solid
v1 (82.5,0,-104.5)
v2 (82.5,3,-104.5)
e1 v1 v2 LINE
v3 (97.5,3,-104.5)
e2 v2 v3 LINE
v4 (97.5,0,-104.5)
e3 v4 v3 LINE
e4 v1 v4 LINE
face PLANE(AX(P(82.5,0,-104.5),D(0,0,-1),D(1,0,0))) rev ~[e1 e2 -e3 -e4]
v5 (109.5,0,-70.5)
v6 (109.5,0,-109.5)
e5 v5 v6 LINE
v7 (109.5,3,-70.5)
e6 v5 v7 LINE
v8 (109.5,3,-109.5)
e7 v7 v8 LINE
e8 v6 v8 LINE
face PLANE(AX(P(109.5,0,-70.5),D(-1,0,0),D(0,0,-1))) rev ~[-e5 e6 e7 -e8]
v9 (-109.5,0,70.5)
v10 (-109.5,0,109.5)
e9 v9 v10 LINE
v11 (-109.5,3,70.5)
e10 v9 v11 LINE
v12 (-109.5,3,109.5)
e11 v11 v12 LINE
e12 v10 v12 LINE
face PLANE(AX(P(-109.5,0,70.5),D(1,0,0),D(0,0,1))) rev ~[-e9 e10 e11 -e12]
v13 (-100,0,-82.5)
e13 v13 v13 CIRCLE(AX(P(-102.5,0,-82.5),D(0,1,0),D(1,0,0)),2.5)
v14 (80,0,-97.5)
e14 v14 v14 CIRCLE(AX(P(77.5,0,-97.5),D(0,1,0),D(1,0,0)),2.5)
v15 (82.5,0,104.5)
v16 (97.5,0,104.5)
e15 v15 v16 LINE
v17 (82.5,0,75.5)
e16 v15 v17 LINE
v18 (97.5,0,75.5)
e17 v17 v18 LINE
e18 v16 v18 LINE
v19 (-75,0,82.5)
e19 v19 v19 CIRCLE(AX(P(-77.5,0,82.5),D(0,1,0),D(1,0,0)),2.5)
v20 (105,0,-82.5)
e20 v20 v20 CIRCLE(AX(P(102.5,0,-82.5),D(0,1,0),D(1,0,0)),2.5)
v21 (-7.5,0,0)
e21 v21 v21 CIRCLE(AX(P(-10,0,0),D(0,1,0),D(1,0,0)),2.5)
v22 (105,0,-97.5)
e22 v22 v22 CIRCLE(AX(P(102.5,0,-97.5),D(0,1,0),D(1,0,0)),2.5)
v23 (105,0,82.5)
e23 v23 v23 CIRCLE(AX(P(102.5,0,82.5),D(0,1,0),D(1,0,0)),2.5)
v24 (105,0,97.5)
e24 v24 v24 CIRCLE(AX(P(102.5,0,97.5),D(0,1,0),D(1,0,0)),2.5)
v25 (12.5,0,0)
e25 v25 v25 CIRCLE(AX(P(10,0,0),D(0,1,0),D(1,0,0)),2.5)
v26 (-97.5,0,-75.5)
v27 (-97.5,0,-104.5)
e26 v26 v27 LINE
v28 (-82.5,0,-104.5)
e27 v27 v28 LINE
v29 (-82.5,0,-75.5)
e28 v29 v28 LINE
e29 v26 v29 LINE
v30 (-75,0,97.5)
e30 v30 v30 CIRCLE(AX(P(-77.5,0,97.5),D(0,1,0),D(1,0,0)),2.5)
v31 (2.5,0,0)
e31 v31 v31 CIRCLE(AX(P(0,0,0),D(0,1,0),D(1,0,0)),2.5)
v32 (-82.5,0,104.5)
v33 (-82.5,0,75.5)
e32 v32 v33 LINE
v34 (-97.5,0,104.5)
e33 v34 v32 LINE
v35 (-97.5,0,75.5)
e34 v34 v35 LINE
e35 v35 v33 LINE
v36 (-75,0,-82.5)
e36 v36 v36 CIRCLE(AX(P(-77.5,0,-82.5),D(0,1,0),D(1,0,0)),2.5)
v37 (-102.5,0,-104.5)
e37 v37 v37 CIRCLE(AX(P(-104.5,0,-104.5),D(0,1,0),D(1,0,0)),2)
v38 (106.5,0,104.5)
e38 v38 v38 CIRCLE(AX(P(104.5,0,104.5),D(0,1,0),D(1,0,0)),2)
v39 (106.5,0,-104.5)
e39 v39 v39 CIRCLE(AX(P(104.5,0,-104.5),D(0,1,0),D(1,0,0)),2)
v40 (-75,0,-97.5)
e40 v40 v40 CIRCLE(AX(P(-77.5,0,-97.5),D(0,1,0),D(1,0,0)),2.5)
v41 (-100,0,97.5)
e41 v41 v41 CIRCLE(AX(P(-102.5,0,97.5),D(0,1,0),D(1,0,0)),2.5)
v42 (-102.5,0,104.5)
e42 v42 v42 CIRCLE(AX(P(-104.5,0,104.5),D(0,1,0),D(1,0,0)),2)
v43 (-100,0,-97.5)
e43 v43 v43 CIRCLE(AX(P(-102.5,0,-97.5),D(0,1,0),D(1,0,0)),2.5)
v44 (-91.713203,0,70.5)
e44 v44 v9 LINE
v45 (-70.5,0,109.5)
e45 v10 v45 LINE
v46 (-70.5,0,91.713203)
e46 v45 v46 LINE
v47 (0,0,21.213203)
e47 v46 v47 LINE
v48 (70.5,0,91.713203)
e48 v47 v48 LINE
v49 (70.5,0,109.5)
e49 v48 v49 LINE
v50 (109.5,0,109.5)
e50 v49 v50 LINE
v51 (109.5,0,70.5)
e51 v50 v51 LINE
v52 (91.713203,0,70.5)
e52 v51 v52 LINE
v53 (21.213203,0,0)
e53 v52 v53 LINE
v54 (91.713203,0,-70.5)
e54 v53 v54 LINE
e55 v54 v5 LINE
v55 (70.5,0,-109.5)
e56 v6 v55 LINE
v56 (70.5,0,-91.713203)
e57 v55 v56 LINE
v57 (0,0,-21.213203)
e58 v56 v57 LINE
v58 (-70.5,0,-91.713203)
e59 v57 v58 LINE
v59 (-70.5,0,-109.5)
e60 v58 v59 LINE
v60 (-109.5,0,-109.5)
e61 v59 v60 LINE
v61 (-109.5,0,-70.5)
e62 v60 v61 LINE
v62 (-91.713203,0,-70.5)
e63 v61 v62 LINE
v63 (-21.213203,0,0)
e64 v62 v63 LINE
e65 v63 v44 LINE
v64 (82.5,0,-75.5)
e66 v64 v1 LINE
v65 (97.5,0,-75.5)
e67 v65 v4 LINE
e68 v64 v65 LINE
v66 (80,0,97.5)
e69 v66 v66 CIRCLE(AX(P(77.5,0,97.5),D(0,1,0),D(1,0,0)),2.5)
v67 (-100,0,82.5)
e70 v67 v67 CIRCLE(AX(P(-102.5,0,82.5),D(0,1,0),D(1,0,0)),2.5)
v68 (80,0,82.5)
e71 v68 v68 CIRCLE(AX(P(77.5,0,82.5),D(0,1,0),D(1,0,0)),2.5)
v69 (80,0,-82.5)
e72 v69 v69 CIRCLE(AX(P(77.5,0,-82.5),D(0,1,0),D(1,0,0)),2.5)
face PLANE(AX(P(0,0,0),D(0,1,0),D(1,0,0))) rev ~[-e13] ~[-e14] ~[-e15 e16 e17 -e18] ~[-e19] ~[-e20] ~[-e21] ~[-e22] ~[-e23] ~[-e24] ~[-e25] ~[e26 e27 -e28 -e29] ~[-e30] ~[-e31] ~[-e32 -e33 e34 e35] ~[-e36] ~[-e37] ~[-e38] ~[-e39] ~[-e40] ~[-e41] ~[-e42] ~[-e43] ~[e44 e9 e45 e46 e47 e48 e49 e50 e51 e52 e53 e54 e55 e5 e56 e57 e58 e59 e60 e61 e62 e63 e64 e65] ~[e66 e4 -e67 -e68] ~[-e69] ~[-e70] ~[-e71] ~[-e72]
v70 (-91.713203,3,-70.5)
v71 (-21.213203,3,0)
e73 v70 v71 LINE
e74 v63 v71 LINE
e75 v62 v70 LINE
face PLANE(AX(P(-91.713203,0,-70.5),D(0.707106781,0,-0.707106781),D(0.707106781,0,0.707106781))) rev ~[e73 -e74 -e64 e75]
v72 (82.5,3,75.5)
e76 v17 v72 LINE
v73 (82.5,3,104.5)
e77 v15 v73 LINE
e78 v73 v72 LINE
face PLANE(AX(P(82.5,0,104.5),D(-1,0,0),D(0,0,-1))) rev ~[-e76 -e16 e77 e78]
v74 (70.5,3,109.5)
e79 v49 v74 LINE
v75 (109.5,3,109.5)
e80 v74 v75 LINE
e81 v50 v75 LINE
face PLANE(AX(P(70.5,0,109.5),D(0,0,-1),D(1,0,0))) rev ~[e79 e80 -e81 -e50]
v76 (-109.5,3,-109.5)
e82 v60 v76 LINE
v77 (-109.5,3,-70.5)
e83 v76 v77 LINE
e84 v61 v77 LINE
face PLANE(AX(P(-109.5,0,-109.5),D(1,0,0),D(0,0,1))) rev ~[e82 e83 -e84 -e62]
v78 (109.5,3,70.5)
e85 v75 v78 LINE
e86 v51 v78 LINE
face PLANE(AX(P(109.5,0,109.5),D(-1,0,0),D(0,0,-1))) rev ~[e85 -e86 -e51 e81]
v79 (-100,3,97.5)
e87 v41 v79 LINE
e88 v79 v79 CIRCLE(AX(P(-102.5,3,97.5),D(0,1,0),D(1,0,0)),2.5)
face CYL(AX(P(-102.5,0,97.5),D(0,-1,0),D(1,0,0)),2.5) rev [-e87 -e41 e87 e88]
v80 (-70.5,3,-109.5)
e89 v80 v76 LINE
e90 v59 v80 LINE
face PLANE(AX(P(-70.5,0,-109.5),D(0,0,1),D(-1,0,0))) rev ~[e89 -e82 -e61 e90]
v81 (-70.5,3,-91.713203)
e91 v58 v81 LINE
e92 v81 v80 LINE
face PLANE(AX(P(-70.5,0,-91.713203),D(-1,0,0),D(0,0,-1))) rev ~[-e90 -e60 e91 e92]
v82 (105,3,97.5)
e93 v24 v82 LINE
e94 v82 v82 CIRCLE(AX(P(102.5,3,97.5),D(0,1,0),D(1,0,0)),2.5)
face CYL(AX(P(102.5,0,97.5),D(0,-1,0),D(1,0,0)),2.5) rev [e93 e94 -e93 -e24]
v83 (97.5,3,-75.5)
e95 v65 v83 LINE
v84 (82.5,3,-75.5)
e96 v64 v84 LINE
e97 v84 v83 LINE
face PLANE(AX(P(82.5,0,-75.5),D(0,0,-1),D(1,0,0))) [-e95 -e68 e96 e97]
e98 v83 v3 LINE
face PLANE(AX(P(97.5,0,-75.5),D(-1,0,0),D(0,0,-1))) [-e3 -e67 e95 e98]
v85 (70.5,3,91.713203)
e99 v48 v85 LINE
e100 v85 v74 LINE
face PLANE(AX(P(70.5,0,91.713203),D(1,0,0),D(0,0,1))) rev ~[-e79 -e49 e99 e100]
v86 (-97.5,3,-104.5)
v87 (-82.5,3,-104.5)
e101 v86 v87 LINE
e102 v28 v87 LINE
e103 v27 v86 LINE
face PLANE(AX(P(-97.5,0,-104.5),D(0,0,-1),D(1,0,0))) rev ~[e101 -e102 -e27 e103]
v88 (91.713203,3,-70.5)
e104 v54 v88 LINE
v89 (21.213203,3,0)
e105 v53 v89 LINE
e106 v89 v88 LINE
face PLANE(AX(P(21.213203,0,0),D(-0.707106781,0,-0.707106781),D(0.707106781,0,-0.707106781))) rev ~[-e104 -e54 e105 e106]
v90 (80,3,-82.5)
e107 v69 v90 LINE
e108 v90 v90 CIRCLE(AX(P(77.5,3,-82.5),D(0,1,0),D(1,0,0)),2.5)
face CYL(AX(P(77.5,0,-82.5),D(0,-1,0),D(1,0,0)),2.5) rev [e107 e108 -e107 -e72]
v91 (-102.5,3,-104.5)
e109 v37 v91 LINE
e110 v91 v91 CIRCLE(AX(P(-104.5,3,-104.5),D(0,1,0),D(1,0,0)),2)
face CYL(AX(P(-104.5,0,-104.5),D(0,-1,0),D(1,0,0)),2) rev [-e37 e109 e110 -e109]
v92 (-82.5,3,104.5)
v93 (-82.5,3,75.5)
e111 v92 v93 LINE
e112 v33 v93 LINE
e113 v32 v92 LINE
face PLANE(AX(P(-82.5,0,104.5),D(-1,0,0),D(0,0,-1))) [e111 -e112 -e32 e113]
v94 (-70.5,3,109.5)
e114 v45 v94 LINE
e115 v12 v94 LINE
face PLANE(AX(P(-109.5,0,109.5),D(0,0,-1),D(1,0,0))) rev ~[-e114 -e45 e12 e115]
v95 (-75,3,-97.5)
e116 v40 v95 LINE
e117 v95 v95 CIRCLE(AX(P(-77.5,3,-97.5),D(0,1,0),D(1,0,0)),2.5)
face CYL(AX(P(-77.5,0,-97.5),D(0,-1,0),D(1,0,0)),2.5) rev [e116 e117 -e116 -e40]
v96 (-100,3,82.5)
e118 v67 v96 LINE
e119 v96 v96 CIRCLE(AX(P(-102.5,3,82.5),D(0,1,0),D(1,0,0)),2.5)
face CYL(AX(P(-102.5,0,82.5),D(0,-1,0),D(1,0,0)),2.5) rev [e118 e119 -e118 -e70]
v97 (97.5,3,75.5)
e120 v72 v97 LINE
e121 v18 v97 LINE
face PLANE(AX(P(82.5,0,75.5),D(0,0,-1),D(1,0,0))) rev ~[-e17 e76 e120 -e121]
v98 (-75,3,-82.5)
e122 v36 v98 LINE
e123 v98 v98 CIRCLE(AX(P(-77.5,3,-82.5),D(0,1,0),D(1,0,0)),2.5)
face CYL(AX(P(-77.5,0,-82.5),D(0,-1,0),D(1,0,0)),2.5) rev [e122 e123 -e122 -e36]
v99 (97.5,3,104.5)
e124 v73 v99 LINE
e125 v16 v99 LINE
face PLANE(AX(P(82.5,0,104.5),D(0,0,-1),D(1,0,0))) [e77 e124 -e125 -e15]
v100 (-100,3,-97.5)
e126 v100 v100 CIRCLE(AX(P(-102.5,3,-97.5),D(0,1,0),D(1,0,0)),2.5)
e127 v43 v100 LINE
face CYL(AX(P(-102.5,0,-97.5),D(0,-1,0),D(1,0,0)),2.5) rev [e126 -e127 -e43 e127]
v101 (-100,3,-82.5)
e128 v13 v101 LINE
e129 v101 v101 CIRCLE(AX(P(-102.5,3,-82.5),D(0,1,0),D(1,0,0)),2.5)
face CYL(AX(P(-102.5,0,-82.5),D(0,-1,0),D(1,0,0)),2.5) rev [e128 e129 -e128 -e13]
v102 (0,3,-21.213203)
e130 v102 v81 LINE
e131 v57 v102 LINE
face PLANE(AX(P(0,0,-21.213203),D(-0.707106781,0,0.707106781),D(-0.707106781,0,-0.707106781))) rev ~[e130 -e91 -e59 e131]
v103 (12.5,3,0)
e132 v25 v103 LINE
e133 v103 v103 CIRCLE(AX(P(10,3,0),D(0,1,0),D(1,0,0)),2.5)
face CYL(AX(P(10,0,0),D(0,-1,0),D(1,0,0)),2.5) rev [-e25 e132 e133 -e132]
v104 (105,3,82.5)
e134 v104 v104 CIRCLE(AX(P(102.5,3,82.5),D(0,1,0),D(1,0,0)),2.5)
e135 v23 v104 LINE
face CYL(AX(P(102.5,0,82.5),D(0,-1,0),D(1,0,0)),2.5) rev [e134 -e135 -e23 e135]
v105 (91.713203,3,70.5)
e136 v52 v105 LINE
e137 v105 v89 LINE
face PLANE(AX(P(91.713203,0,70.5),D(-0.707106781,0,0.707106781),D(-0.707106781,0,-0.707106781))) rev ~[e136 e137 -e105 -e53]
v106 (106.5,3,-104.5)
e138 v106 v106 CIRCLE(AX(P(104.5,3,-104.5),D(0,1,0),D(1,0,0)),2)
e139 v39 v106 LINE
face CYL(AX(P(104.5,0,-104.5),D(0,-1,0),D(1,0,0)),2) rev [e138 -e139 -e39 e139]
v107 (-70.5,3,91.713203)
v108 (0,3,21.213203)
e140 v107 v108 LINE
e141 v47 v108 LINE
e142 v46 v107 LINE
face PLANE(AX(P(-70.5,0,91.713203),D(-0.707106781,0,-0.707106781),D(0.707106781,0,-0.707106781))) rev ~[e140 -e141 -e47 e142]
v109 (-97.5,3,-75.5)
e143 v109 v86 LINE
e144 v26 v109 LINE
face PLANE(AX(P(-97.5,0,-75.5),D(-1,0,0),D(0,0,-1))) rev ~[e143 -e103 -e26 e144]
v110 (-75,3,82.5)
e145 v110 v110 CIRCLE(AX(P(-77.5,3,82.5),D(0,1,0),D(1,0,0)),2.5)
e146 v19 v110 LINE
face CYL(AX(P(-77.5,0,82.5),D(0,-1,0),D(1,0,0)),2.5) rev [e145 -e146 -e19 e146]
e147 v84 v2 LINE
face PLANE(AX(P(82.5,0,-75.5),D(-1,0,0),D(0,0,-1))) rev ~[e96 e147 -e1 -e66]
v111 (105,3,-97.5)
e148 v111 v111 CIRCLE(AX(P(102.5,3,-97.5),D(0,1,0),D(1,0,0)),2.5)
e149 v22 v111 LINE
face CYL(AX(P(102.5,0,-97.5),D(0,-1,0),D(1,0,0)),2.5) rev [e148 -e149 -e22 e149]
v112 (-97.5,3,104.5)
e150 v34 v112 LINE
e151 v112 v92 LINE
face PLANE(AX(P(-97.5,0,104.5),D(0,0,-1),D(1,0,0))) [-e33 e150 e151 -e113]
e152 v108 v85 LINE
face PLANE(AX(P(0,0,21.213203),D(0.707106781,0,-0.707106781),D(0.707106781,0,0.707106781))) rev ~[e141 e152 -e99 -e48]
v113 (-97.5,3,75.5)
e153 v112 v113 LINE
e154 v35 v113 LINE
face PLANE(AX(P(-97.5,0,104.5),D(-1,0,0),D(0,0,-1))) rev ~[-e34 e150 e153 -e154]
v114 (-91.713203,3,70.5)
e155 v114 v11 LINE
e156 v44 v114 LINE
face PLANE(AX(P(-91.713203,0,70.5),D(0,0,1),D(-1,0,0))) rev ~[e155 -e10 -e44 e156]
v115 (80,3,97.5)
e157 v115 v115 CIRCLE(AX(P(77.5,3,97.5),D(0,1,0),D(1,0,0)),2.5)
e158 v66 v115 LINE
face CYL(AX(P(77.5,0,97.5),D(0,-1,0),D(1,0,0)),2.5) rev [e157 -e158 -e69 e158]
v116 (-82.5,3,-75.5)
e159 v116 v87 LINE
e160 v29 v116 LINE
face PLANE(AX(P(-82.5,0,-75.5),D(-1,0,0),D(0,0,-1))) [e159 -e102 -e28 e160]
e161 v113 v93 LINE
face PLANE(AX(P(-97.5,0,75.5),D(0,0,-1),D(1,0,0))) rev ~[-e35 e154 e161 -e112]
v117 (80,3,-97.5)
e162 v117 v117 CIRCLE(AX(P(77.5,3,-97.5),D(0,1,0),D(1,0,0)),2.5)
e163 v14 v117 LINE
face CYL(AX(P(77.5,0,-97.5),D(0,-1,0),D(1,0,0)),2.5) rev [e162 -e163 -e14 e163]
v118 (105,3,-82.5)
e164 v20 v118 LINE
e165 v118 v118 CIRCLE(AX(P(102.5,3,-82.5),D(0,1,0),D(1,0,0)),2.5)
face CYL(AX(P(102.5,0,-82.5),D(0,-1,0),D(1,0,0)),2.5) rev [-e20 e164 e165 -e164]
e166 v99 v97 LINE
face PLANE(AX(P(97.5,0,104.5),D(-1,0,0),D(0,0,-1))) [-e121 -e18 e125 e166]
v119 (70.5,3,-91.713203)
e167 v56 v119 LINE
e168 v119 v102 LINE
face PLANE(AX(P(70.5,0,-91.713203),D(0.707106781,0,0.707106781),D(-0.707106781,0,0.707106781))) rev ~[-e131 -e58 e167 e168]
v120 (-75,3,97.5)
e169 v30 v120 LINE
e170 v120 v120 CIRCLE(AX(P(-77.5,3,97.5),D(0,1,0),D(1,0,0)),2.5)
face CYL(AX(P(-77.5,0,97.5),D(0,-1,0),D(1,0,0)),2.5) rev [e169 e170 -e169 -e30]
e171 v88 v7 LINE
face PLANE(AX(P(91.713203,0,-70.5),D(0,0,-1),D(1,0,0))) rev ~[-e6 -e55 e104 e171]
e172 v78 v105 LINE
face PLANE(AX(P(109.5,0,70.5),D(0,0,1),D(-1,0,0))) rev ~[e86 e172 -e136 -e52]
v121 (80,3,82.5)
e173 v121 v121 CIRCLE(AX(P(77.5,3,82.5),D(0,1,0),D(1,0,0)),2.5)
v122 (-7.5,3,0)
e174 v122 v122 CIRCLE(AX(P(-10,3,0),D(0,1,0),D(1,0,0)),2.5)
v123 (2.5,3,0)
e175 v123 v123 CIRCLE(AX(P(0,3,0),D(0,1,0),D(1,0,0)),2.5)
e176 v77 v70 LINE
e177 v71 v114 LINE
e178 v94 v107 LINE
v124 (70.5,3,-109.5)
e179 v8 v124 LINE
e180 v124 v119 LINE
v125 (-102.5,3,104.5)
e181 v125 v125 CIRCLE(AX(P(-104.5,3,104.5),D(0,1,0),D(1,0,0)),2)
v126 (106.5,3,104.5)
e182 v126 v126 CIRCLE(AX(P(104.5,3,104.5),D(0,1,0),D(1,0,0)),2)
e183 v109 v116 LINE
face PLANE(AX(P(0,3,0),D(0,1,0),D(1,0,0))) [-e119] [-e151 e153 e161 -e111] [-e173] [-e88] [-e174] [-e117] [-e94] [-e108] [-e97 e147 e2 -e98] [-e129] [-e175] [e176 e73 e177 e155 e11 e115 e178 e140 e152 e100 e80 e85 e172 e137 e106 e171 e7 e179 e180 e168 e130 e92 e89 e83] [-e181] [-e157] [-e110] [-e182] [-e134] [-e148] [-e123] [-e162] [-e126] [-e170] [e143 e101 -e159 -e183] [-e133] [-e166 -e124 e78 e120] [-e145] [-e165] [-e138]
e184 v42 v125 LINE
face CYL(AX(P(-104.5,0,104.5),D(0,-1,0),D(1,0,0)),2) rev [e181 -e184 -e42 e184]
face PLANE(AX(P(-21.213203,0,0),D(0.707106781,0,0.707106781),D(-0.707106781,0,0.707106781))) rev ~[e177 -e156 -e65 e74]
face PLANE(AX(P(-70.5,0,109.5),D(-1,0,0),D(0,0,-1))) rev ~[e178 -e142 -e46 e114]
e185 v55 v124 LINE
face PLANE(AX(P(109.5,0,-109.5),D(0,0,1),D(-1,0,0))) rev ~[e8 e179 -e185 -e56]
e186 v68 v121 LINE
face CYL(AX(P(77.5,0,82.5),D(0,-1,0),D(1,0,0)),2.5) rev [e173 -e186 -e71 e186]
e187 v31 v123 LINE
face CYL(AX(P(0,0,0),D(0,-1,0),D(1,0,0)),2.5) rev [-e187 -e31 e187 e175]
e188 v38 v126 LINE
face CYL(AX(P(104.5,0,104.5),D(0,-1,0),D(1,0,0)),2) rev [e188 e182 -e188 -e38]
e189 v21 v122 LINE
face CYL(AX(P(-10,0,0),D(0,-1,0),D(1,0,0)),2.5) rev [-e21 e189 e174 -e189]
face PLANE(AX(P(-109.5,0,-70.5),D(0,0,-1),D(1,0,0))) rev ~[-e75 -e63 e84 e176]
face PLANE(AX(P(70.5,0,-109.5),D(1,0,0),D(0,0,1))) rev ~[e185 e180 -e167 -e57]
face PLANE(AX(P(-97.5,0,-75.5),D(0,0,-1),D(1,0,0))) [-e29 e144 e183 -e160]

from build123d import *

# Parameters (mm, degrees)
SKETCH1_R           = 2
SKETCH1_R_2         = 2.5
SKETCH1_W           = 15
SKETCH1_H           = 29
BOSS_EXTRUDE1_DEPTH = 3


with BuildPart() as part:
    # Sketch1 → Boss-Extrude1 (new body)
    with BuildSketch(Plane(origin=(0, 0, 0), x_dir=(1, 0, 0), z_dir=(0, 1, 0))):
        Polygon((-70.5, -91.713203436), (0, -21.213203436), (70.5, -91.713203436), (70.5, -109.5), (109.5, -109.5), (109.5, -70.5), (91.713203436, -70.5), (21.213203436, 0), (91.713203436, 70.5), (109.5, 70.5), (109.5, 109.5), (70.5, 109.5), (70.5, 91.713203436), (0, 21.213203436), (-70.5, 91.713203436), (-70.5, 109.5), (-109.5, 109.5), (-109.5, 70.5), (-91.713203436, 70.5), (-21.213203436, 0), (-91.713203436, -70.5), (-109.5, -70.5), (-109.5, -109.5), (-70.5, -109.5), align=None)
        with Locations((-104.5, -104.5)):
            Circle(SKETCH1_R, mode=Mode.SUBTRACT)
        with Locations((-102.5, -82.5)):
            Circle(SKETCH1_R_2, mode=Mode.SUBTRACT)
        with Locations((-77.5, -82.5)):
            Circle(SKETCH1_R_2, mode=Mode.SUBTRACT)
        with Locations((-77.5, -97.5)):
            Circle(SKETCH1_R_2, mode=Mode.SUBTRACT)
        with Locations((-102.5, -97.5)):
            Circle(SKETCH1_R_2, mode=Mode.SUBTRACT)
        with Locations((102.5, -97.5)):
            Circle(SKETCH1_R_2, mode=Mode.SUBTRACT)
        with Locations((77.5, -97.5)):
            Circle(SKETCH1_R_2, mode=Mode.SUBTRACT)
        with Locations((77.5, -82.5)):
            Circle(SKETCH1_R_2, mode=Mode.SUBTRACT)
        with Locations((102.5, -82.5)):
            Circle(SKETCH1_R_2, mode=Mode.SUBTRACT)
        with Locations((104.5, -104.5)):
            Circle(SKETCH1_R, mode=Mode.SUBTRACT)
        with Locations((104.5, 104.5)):
            Circle(SKETCH1_R, mode=Mode.SUBTRACT)
        with Locations((102.5, 82.5)):
            Circle(SKETCH1_R_2, mode=Mode.SUBTRACT)
        with Locations((77.5, 82.5)):
            Circle(SKETCH1_R_2, mode=Mode.SUBTRACT)
        with Locations((77.5, 97.5)):
            Circle(SKETCH1_R_2, mode=Mode.SUBTRACT)
        with Locations((102.5, 97.5)):
            Circle(SKETCH1_R_2, mode=Mode.SUBTRACT)
        with Locations((-102.5, 97.5)):
            Circle(SKETCH1_R_2, mode=Mode.SUBTRACT)
        with Locations((-77.5, 97.5)):
            Circle(SKETCH1_R_2, mode=Mode.SUBTRACT)
        with Locations((-77.5, 82.5)):
            Circle(SKETCH1_R_2, mode=Mode.SUBTRACT)
        with Locations((-102.5, 82.5)):
            Circle(SKETCH1_R_2, mode=Mode.SUBTRACT)
        with Locations((-104.5, 104.5)):
            Circle(SKETCH1_R, mode=Mode.SUBTRACT)
        Circle(SKETCH1_R_2, mode=Mode.SUBTRACT)
        with Locations((-10, 0)):
            Circle(SKETCH1_R_2, mode=Mode.SUBTRACT)
        with Locations((10, 0)):
            Circle(SKETCH1_R_2, mode=Mode.SUBTRACT)
        with Locations((-90, -90)):
            Rectangle(SKETCH1_W, SKETCH1_H, mode=Mode.SUBTRACT)
        with Locations((90, -90)):
            Rectangle(SKETCH1_W, SKETCH1_H, mode=Mode.SUBTRACT)
        with Locations((90, 90)):
            Rectangle(SKETCH1_W, SKETCH1_H, mode=Mode.SUBTRACT)
        with Locations((-90, 90)):
            Rectangle(SKETCH1_W, SKETCH1_H, mode=Mode.SUBTRACT)
    extrude(amount=BOSS_EXTRUDE1_DEPTH)


solid = part.part
